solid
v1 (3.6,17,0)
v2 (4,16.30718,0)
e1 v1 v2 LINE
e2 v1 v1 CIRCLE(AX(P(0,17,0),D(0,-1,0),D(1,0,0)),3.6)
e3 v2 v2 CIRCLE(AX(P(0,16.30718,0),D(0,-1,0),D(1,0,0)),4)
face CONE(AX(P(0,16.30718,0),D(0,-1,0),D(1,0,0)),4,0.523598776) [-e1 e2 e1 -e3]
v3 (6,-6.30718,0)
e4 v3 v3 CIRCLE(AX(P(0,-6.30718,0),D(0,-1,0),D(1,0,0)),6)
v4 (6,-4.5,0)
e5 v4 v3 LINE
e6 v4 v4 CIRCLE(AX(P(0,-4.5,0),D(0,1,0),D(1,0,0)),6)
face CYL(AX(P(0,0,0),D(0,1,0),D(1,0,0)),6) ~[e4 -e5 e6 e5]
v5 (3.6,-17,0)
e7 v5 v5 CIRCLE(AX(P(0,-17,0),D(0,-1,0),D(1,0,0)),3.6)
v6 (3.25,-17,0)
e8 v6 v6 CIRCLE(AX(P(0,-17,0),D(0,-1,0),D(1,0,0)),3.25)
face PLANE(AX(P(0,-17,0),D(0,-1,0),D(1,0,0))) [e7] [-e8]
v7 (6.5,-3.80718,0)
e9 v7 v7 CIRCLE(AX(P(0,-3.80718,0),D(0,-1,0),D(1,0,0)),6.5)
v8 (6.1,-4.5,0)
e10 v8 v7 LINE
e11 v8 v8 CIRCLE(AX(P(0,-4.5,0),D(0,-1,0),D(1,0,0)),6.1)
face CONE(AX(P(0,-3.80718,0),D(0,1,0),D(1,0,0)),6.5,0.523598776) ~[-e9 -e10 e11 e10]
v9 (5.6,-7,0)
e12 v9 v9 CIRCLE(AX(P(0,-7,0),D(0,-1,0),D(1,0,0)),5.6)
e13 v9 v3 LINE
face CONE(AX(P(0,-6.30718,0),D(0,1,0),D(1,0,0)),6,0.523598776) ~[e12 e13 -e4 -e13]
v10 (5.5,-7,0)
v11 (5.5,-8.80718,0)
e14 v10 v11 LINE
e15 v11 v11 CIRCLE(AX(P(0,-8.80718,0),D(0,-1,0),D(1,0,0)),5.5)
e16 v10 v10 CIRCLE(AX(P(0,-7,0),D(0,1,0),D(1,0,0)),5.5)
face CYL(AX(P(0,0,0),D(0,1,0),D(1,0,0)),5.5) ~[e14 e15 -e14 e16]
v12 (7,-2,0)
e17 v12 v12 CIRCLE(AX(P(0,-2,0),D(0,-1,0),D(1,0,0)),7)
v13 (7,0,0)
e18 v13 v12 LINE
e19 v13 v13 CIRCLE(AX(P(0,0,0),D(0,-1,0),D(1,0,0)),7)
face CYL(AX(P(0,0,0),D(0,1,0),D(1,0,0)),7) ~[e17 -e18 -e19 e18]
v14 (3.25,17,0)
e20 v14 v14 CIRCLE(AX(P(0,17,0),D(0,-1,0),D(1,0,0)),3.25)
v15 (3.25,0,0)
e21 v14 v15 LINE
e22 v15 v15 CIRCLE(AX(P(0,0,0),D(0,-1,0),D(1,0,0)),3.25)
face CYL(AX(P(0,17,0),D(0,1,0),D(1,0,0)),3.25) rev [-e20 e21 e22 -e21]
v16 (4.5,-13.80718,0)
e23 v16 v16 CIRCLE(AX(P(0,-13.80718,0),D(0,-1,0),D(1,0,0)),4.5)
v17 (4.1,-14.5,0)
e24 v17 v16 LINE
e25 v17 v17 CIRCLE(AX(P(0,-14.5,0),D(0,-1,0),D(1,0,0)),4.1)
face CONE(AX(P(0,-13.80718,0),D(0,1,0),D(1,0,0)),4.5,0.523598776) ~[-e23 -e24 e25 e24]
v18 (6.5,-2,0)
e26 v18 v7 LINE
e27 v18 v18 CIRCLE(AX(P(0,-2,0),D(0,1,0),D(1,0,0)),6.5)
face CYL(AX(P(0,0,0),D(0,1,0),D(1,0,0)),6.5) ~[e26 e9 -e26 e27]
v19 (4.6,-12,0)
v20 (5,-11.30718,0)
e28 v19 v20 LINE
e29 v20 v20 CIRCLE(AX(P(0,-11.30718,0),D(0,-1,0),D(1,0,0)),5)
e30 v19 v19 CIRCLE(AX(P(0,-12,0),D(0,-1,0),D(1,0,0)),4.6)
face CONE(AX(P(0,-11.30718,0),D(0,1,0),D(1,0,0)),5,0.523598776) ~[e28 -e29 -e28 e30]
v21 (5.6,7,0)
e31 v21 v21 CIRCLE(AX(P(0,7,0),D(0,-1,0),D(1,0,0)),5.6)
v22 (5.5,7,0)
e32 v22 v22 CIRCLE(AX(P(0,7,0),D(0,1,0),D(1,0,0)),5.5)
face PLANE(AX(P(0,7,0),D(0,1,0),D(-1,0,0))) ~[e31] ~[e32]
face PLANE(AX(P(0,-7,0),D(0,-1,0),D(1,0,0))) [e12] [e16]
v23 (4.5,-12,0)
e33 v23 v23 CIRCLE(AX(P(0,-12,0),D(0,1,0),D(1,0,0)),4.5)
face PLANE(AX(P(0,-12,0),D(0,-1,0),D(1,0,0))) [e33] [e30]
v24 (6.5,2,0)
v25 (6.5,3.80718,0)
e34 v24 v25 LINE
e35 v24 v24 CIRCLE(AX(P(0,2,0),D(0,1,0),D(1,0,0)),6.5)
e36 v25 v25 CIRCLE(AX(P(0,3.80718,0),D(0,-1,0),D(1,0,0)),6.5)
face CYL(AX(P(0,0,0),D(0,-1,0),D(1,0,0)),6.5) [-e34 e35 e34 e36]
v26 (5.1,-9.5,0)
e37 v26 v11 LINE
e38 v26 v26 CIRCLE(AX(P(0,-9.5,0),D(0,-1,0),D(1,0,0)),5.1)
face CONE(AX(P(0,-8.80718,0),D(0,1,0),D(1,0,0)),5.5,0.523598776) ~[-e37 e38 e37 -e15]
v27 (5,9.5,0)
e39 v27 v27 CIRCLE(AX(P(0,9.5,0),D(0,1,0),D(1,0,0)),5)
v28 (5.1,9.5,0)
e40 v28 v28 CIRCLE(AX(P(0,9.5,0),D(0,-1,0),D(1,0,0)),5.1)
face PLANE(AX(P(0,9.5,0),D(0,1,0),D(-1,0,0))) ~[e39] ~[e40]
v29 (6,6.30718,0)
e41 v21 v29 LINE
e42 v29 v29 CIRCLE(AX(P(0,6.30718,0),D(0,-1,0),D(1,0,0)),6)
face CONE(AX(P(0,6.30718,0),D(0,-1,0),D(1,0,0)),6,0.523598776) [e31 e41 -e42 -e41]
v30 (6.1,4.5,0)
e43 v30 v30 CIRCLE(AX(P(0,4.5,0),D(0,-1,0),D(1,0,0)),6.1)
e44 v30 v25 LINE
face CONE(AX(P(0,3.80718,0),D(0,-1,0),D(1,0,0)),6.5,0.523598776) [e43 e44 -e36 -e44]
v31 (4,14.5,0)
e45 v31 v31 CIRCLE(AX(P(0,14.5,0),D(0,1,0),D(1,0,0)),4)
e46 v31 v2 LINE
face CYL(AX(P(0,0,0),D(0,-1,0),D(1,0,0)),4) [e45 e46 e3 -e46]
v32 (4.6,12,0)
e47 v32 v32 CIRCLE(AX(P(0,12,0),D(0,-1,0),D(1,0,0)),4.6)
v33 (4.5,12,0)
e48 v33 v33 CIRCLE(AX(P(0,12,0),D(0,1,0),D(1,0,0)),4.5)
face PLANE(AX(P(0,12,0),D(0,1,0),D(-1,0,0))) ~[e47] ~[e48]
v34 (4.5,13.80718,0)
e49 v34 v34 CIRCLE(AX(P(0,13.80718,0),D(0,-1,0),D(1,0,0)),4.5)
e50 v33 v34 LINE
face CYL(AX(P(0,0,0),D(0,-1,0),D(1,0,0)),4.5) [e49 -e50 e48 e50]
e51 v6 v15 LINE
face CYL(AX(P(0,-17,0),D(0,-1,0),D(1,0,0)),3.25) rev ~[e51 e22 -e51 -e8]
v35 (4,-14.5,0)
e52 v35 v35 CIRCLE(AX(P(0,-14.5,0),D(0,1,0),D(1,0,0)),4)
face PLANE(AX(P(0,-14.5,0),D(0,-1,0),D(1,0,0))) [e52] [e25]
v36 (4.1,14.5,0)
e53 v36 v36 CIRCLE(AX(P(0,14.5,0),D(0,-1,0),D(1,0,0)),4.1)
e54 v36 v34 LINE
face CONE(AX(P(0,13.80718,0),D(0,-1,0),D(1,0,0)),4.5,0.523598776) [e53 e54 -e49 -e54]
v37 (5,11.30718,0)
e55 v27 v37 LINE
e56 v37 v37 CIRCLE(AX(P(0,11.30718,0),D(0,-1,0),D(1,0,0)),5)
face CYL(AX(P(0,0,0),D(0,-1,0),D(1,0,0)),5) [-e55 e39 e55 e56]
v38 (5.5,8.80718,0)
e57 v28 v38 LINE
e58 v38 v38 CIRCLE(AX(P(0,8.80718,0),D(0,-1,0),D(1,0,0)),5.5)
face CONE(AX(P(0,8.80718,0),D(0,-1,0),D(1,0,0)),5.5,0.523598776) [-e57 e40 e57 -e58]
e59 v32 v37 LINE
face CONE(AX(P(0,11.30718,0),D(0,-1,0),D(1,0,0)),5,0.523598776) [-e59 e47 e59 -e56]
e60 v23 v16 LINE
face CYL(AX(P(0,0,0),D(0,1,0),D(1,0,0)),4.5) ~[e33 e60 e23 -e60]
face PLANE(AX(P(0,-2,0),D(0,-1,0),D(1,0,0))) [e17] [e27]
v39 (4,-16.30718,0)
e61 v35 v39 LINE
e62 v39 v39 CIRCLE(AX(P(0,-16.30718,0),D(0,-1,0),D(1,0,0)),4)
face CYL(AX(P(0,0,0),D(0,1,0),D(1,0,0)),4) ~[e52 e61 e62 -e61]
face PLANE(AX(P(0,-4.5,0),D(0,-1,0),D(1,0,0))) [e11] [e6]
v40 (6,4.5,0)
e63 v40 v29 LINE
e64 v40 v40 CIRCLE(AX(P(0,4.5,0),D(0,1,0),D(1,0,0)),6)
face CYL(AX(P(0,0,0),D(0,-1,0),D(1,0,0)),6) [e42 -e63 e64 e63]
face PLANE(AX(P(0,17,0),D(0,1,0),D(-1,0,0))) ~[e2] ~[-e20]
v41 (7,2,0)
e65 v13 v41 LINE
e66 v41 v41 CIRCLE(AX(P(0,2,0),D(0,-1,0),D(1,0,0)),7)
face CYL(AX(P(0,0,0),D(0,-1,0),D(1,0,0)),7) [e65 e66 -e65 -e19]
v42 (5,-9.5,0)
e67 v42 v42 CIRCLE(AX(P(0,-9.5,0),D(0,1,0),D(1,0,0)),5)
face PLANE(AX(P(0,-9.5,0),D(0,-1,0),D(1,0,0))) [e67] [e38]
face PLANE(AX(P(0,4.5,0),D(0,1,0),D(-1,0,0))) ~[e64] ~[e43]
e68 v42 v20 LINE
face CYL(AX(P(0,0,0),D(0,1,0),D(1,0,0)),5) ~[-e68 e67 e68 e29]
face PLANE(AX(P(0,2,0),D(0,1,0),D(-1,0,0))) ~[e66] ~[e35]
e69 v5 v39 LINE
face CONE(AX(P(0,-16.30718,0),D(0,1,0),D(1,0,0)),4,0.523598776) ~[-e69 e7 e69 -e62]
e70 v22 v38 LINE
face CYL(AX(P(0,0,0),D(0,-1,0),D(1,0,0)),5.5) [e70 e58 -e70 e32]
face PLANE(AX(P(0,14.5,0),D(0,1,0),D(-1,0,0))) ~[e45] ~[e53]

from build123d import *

# Parameters (mm, degrees)
F0_R        = 7
F0_R_2      = 6.5
F0_R_3      = 6
F0_R_4      = 5.5
F0_R_5      = 5
F0_R_6      = 4.5
F0_R_7      = 4
F1_DEPTH    = 2
F2_DEPTH    = 4.5
F3_DEPTH    = 7
F4_DEPTH    = 9.5
F5_DEPTH    = 12
F6_DEPTH    = 14.5
F7_DEPTH    = 17
F8_R        = 3.25
F9_DEPTH    = 17
F10_SIZE2   = 0.692820323
F10_SIZE    = 0.4
F10_2_SIZE2 = 0.692820323
F10_2_SIZE  = 0.4
F10_3_SIZE2 = 0.692820323
F10_3_SIZE  = 0.4
F10_4_SIZE2 = 0.692820323
F10_4_SIZE  = 0.4
F10_5_SIZE2 = 0.692820323
F10_5_SIZE  = 0.4
F10_6_SIZE2 = 0.692820323
F10_6_SIZE  = 0.4


with BuildPart() as f1:
    # F0 (on Front) → F1 (new body)
    with BuildSketch(Plane.XZ):
        Circle(F0_R)
        Circle(F0_R_2, mode=Mode.SUBTRACT)
        Circle(F0_R_2)
        Circle(F0_R_3, mode=Mode.SUBTRACT)
        Circle(F0_R_3)
        Circle(F0_R_4, mode=Mode.SUBTRACT)
        Circle(F0_R_4)
        Circle(F0_R_5, mode=Mode.SUBTRACT)
        Circle(F0_R_5)
        Circle(F0_R_6, mode=Mode.SUBTRACT)
        Circle(F0_R_6)
        Circle(F0_R_7, mode=Mode.SUBTRACT)
        Circle(F0_R_7)
    extrude(amount=F1_DEPTH)

    # F0 (on Front) → F2 (join, through all)
    with BuildSketch(Plane.XZ):
        Circle(F0_R_2)
        Circle(F0_R_3, mode=Mode.SUBTRACT)
        Circle(F0_R_3)
        Circle(F0_R_4, mode=Mode.SUBTRACT)
        Circle(F0_R_4)
        Circle(F0_R_5, mode=Mode.SUBTRACT)
        Circle(F0_R_5)
        Circle(F0_R_6, mode=Mode.SUBTRACT)
        Circle(F0_R_6)
        Circle(F0_R_7, mode=Mode.SUBTRACT)
        Circle(F0_R_7)
    extrude(amount=F2_DEPTH)

    # F0 (on Front) → F3 (join, through all)
    with BuildSketch(Plane.XZ):
        Circle(F0_R_3)
        Circle(F0_R_4, mode=Mode.SUBTRACT)
        Circle(F0_R_4)
        Circle(F0_R_5, mode=Mode.SUBTRACT)
        Circle(F0_R_5)
        Circle(F0_R_6, mode=Mode.SUBTRACT)
        Circle(F0_R_6)
        Circle(F0_R_7, mode=Mode.SUBTRACT)
        Circle(F0_R_7)
    extrude(amount=F3_DEPTH)

    # F0 (on Front) → F4 (join, through all)
    with BuildSketch(Plane.XZ):
        Circle(F0_R_4)
        Circle(F0_R_5, mode=Mode.SUBTRACT)
        Circle(F0_R_5)
        Circle(F0_R_6, mode=Mode.SUBTRACT)
        Circle(F0_R_6)
        Circle(F0_R_7, mode=Mode.SUBTRACT)
        Circle(F0_R_7)
    extrude(amount=F4_DEPTH)

    # F0 (on Front) → F5 (join, through all)
    with BuildSketch(Plane.XZ):
        Circle(F0_R_5)
        Circle(F0_R_6, mode=Mode.SUBTRACT)
        Circle(F0_R_6)
        Circle(F0_R_7, mode=Mode.SUBTRACT)
        Circle(F0_R_7)
    extrude(amount=F5_DEPTH)

    # F0 (on Front) → F6 (join, through all)
    with BuildSketch(Plane.XZ):
        Circle(F0_R_6)
        Circle(F0_R_7, mode=Mode.SUBTRACT)
        Circle(F0_R_7)
    extrude(amount=F6_DEPTH)

    # F0 (on Front) → F7 (join, through all)
    with BuildSketch(Plane.XZ):
        Circle(F0_R_7)
    extrude(amount=F7_DEPTH)

    # F8 (on face) → F9 (cut, through all)
    with BuildSketch(Plane.XZ.offset(17)):
        Circle(F8_R)
    extrude(amount=-F9_DEPTH, mode=Mode.SUBTRACT)

    # F10
    f10_edges = [f1.edges().sort_by_distance(p)[0] for p in [
        (-5, -12, 0),
    ]]
    f10_side = f1.faces().sort_by_distance((-4.858579, -12, 0))[0]
    chamfer(f10_edges, length=F10_SIZE, length2=F10_SIZE2, reference=f10_side)

    # F10#2
    f10_2_edges = [f1.edges().sort_by_distance(p)[0] for p in [
        (-5.5, -9.5, 0),
    ]]
    f10_2_side = f1.faces().sort_by_distance((-5.344437, -9.5, 0))[0]
    chamfer(f10_2_edges, length=F10_2_SIZE, length2=F10_2_SIZE2, reference=f10_2_side)

    # F10#3
    f10_3_edges = [f1.edges().sort_by_distance(p)[0] for p in [
        (-6, -7, 0),
    ]]
    f10_3_side = f1.faces().sort_by_distance((-5.830294, -7, 0))[0]
    chamfer(f10_3_edges, length=F10_3_SIZE, length2=F10_3_SIZE2, reference=f10_3_side)

    # F10#4
    f10_4_edges = [f1.edges().sort_by_distance(p)[0] for p in [
        (-6.5, -4.5, 0),
    ]]
    f10_4_side = f1.faces().sort_by_distance((-6.316152, -4.5, 0))[0]
    chamfer(f10_4_edges, length=F10_4_SIZE, length2=F10_4_SIZE2, reference=f10_4_side)

    # F10#5
    f10_5_edges = [f1.edges().sort_by_distance(p)[0] for p in [
        (-4.5, -14.5, 0),
    ]]
    f10_5_side = f1.faces().sort_by_distance((-4.372721, -14.5, 0))[0]
    chamfer(f10_5_edges, length=F10_5_SIZE, length2=F10_5_SIZE2, reference=f10_5_side)

    # F10#6
    f10_6_edges = [f1.edges().sort_by_distance(p)[0] for p in [
        (-4, -17, 0),
    ]]
    f10_6_side = f1.faces().sort_by_distance((-3.886863, -17, 0))[0]
    chamfer(f10_6_edges, length=F10_6_SIZE, length2=F10_6_SIZE2, reference=f10_6_side)

    # F11: F1 across plane


with BuildPart() as f1_1:
    add(f1.part)
    add(f1.part.mirror(Plane.XZ))


solid = f1_1.part
